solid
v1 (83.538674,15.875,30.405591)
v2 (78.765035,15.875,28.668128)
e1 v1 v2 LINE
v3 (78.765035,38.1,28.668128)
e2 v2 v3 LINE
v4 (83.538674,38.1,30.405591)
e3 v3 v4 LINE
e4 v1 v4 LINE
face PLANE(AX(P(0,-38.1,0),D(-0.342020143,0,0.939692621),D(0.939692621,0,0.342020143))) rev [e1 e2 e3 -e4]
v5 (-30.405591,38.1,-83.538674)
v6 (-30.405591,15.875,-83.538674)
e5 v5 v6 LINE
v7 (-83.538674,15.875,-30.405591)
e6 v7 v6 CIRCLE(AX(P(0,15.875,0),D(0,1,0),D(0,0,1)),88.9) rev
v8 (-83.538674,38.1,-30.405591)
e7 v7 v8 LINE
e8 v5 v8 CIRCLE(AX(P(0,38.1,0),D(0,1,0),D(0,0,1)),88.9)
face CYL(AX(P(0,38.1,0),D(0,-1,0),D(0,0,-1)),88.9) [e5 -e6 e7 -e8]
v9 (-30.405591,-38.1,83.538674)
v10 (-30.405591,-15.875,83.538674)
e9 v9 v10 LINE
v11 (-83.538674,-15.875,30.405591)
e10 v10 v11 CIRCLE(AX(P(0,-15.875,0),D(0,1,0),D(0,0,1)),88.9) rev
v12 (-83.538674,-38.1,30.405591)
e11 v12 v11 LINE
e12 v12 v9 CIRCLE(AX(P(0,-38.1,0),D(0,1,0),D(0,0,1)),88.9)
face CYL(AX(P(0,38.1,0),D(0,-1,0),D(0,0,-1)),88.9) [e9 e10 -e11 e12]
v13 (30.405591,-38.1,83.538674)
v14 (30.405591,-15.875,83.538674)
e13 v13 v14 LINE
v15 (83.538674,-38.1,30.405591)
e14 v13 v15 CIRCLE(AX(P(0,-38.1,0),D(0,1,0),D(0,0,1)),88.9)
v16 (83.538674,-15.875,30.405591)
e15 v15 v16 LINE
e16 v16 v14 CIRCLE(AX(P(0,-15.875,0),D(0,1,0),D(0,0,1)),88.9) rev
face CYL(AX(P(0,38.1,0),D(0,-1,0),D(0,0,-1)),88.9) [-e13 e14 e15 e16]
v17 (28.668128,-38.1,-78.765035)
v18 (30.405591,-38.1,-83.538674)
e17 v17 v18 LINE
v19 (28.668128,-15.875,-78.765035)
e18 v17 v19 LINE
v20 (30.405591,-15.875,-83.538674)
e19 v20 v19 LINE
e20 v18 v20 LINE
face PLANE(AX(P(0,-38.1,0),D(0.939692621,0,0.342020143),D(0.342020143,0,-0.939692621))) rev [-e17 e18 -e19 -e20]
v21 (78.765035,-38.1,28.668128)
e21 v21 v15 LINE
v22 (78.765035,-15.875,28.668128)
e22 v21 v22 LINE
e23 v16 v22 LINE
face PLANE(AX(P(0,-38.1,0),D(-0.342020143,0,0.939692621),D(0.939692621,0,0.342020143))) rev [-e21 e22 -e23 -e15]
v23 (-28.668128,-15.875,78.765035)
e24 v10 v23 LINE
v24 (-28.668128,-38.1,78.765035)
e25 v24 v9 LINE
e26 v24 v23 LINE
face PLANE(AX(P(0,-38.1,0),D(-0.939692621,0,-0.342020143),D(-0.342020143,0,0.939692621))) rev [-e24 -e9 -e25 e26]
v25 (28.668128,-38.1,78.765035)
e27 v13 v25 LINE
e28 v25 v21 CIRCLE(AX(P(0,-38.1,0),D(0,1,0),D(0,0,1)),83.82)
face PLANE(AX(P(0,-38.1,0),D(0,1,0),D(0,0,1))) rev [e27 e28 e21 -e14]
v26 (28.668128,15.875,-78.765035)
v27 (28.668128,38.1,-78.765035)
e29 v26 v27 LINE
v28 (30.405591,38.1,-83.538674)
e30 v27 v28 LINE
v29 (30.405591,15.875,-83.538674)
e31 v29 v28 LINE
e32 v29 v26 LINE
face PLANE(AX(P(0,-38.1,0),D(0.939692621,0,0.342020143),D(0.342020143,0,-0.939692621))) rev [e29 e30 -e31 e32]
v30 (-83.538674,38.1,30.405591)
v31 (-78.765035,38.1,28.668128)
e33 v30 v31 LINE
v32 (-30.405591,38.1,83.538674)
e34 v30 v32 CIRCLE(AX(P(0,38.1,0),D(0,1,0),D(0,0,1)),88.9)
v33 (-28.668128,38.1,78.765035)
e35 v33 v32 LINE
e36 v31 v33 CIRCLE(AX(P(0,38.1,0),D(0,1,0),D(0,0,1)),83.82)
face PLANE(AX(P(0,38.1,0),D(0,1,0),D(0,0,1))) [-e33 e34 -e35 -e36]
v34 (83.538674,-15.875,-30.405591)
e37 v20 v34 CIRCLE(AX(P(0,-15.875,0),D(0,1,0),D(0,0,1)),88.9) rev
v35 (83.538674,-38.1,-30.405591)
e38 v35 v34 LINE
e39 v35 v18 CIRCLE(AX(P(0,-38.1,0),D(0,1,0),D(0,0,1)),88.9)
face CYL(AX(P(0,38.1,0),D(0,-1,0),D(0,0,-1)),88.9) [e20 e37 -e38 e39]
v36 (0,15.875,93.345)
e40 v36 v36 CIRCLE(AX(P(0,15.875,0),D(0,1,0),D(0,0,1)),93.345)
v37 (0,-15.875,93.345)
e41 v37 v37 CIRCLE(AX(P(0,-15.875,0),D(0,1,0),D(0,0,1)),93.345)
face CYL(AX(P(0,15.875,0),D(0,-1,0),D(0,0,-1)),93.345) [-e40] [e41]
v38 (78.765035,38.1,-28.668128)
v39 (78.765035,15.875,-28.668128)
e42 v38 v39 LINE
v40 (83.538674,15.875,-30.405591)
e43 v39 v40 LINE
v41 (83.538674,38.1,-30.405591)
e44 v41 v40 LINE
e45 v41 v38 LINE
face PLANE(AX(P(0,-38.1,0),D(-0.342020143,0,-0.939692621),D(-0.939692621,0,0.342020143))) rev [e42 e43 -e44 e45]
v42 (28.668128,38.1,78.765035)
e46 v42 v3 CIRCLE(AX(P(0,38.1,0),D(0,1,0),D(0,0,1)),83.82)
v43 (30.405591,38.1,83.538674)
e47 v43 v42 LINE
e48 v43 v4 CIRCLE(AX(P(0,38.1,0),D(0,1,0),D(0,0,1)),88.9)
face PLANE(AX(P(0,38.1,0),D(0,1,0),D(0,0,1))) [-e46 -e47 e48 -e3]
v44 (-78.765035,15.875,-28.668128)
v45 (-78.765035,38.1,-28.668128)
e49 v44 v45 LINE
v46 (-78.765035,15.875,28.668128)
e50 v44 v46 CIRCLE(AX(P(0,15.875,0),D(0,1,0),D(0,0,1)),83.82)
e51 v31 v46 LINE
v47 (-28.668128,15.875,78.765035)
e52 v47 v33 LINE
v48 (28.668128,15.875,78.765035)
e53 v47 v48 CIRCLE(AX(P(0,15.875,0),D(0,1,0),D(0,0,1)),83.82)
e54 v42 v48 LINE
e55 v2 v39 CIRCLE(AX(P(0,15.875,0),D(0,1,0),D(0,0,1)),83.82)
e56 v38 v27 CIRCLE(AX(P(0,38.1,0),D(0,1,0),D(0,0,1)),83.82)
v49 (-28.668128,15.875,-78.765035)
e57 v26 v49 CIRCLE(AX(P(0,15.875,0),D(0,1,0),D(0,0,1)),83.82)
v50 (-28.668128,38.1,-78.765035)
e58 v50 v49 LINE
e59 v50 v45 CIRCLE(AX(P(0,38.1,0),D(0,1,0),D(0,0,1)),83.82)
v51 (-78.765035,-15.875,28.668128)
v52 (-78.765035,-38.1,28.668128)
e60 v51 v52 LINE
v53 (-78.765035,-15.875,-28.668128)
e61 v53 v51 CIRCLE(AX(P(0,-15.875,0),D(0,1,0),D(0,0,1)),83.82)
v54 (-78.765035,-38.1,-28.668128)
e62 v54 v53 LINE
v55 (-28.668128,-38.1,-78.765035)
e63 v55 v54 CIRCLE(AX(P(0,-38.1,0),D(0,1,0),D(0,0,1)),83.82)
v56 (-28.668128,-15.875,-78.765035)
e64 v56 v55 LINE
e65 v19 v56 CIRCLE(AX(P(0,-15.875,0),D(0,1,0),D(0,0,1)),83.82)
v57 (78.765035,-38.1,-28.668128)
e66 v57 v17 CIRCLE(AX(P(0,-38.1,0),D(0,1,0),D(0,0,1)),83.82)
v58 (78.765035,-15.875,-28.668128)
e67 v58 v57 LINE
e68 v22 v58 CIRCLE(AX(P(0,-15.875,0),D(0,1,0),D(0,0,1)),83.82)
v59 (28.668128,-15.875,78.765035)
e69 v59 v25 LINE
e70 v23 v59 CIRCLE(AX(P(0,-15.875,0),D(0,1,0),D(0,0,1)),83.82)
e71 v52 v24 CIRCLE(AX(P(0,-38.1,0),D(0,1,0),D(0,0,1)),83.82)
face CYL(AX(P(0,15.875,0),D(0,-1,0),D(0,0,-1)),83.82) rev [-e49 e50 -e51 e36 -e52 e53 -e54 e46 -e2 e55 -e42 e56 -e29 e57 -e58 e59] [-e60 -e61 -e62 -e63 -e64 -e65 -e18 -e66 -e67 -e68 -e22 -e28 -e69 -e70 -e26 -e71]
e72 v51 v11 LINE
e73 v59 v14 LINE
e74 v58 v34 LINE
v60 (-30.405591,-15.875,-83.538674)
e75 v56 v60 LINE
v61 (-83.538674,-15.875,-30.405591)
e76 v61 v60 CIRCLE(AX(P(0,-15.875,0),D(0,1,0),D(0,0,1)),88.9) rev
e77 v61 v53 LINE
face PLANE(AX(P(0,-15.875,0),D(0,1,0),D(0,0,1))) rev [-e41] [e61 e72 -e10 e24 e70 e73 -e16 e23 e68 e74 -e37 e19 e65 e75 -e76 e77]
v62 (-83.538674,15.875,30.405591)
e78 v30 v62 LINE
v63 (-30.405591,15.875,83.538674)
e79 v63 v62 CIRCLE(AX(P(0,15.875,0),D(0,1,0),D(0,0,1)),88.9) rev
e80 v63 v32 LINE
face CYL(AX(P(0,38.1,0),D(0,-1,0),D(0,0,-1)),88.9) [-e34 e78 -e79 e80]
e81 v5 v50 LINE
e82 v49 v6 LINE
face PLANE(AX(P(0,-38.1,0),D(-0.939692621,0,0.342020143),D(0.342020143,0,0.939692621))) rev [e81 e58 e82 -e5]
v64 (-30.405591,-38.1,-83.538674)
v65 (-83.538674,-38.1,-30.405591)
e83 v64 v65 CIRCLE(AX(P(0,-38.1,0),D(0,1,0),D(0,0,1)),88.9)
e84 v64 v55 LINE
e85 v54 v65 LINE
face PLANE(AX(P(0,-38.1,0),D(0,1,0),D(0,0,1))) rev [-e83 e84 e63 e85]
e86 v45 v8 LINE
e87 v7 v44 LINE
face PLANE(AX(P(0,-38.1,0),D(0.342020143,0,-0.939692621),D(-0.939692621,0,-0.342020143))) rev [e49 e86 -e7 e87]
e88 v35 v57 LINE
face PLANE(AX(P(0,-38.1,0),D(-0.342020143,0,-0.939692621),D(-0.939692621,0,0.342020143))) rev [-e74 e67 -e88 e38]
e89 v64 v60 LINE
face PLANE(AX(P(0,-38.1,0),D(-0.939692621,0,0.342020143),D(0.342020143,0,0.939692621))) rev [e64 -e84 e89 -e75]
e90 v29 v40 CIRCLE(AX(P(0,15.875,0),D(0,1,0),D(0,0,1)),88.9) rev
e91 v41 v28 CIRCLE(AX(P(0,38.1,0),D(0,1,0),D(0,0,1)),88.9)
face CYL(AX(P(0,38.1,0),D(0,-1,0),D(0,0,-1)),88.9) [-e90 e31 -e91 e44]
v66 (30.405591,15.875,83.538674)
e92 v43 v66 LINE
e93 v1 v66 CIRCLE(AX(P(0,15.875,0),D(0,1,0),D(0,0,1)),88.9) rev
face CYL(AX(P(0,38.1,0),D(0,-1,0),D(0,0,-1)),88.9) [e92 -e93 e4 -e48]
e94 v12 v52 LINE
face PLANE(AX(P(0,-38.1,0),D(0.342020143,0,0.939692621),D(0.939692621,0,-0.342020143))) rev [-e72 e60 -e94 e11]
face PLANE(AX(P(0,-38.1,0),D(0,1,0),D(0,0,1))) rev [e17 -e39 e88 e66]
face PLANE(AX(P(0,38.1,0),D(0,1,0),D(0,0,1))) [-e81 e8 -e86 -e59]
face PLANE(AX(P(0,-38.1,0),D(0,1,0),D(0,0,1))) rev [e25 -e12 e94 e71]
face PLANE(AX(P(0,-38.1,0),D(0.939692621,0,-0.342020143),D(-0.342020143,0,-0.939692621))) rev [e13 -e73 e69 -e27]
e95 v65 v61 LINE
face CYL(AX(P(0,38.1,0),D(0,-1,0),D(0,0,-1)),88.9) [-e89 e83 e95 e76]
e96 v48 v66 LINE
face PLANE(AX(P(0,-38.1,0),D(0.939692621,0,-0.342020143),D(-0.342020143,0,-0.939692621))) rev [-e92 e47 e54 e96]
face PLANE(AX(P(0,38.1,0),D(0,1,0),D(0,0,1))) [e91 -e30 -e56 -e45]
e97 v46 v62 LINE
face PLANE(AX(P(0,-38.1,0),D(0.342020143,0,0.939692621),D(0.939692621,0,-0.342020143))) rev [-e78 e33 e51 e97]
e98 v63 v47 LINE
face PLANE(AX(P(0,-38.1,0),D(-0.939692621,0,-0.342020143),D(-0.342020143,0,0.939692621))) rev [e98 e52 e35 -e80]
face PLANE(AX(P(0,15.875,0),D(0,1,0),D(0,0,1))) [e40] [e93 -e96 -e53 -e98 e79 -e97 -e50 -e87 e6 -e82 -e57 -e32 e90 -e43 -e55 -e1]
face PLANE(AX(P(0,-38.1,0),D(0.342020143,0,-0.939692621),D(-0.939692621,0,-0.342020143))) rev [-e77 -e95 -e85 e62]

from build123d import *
from build123d.topology import SkipClean

# Parameters (mm, degrees)
SKETCH1_R           = 93.345
SKETCH1_R_2         = 83.82
BOSS_EXTRUDE1_DEPTH = 15.875
SKETCH2_R           = 88.9
SKETCH2_R_2         = 83.82
BOSS_EXTRUDE2_DEPTH = 38.1
CUT_EXTRUDE1_DEPTH  = 38.1
CIRPATTERN1_COUNT   = 4
SKETCH4_R           = 88.9
SKETCH4_R_2         = 83.82
BOSS_EXTRUDE3_DEPTH = 15.875


with BuildPart() as part:
    # Sketch1 → Boss-Extrude1 (new, symmetric)
    with BuildSketch(Plane(origin=(0, 0, 0), x_dir=(1, 0, 0), z_dir=(0, 1, 0))):
        with Locations(Location((0, 0, 0), (0, 0, 270))):
            Circle(SKETCH1_R)
        with Locations(Location((0, 0, 0), (0, 0, 270))):
            Circle(SKETCH1_R_2, mode=Mode.SUBTRACT)
    extrude(amount=BOSS_EXTRUDE1_DEPTH, both=True)

    # Sketch2 → Boss-Extrude2 (add, symmetric)
    with BuildSketch(Plane(origin=(0, 0, 0), x_dir=(1, 0, 0), z_dir=(0, 1, 0))):
        with Locations(Location((0, 0, 0), (0, 0, 90))):
            Circle(SKETCH2_R)
        with Locations(Location((0, 0, 0), (0, 0, 270))):
            Circle(SKETCH2_R_2, mode=Mode.SUBTRACT)
    extrude(amount=BOSS_EXTRUDE2_DEPTH, both=True)

    # Sketch3 → Cut-Extrude1 (cut, symmetric)
    with BuildSketch(Plane(origin=(0, 0, 0), x_dir=(1, 0, 0), z_dir=(0, 1, 0))):
        with BuildLine():
            Line((0, 0), (-30.405590742, 83.538673988))
            ThreePointArc((-30.405590742, 83.538673988), (0, 88.9), (30.405590742, 83.538673988))
            Line((30.405590742, 83.538673988), (0, 0))
        make_face()
    cut_extrude1 = extrude(amount=CUT_EXTRUDE1_DEPTH, both=True, mode=Mode.SUBTRACT)

    # CirPattern1: Cut-Extrude1 ×4 about axis
    cirpattern1_axis = Axis((0, 38.1, 0), (0, -1, 0))
    for i in range(1, CIRPATTERN1_COUNT):
        add(cut_extrude1.rotate(cirpattern1_axis, i * 360 / CIRPATTERN1_COUNT), mode=Mode.SUBTRACT)

    # Sketch4 → Boss-Extrude3 (add, symmetric)
    with SkipClean():  # the faces are left unmerged after this step: merging them gives an invalid solid
        with BuildSketch(Plane(origin=(0, 0, 0), x_dir=(1, 0, 0), z_dir=(0, 1, 0))):
            Circle(SKETCH4_R)
            with Locations(Location((0, 0, 0), (0, 0, 110))):
                Circle(SKETCH4_R_2, mode=Mode.SUBTRACT)
        extrude(amount=BOSS_EXTRUDE3_DEPTH, both=True)


solid = part.part
